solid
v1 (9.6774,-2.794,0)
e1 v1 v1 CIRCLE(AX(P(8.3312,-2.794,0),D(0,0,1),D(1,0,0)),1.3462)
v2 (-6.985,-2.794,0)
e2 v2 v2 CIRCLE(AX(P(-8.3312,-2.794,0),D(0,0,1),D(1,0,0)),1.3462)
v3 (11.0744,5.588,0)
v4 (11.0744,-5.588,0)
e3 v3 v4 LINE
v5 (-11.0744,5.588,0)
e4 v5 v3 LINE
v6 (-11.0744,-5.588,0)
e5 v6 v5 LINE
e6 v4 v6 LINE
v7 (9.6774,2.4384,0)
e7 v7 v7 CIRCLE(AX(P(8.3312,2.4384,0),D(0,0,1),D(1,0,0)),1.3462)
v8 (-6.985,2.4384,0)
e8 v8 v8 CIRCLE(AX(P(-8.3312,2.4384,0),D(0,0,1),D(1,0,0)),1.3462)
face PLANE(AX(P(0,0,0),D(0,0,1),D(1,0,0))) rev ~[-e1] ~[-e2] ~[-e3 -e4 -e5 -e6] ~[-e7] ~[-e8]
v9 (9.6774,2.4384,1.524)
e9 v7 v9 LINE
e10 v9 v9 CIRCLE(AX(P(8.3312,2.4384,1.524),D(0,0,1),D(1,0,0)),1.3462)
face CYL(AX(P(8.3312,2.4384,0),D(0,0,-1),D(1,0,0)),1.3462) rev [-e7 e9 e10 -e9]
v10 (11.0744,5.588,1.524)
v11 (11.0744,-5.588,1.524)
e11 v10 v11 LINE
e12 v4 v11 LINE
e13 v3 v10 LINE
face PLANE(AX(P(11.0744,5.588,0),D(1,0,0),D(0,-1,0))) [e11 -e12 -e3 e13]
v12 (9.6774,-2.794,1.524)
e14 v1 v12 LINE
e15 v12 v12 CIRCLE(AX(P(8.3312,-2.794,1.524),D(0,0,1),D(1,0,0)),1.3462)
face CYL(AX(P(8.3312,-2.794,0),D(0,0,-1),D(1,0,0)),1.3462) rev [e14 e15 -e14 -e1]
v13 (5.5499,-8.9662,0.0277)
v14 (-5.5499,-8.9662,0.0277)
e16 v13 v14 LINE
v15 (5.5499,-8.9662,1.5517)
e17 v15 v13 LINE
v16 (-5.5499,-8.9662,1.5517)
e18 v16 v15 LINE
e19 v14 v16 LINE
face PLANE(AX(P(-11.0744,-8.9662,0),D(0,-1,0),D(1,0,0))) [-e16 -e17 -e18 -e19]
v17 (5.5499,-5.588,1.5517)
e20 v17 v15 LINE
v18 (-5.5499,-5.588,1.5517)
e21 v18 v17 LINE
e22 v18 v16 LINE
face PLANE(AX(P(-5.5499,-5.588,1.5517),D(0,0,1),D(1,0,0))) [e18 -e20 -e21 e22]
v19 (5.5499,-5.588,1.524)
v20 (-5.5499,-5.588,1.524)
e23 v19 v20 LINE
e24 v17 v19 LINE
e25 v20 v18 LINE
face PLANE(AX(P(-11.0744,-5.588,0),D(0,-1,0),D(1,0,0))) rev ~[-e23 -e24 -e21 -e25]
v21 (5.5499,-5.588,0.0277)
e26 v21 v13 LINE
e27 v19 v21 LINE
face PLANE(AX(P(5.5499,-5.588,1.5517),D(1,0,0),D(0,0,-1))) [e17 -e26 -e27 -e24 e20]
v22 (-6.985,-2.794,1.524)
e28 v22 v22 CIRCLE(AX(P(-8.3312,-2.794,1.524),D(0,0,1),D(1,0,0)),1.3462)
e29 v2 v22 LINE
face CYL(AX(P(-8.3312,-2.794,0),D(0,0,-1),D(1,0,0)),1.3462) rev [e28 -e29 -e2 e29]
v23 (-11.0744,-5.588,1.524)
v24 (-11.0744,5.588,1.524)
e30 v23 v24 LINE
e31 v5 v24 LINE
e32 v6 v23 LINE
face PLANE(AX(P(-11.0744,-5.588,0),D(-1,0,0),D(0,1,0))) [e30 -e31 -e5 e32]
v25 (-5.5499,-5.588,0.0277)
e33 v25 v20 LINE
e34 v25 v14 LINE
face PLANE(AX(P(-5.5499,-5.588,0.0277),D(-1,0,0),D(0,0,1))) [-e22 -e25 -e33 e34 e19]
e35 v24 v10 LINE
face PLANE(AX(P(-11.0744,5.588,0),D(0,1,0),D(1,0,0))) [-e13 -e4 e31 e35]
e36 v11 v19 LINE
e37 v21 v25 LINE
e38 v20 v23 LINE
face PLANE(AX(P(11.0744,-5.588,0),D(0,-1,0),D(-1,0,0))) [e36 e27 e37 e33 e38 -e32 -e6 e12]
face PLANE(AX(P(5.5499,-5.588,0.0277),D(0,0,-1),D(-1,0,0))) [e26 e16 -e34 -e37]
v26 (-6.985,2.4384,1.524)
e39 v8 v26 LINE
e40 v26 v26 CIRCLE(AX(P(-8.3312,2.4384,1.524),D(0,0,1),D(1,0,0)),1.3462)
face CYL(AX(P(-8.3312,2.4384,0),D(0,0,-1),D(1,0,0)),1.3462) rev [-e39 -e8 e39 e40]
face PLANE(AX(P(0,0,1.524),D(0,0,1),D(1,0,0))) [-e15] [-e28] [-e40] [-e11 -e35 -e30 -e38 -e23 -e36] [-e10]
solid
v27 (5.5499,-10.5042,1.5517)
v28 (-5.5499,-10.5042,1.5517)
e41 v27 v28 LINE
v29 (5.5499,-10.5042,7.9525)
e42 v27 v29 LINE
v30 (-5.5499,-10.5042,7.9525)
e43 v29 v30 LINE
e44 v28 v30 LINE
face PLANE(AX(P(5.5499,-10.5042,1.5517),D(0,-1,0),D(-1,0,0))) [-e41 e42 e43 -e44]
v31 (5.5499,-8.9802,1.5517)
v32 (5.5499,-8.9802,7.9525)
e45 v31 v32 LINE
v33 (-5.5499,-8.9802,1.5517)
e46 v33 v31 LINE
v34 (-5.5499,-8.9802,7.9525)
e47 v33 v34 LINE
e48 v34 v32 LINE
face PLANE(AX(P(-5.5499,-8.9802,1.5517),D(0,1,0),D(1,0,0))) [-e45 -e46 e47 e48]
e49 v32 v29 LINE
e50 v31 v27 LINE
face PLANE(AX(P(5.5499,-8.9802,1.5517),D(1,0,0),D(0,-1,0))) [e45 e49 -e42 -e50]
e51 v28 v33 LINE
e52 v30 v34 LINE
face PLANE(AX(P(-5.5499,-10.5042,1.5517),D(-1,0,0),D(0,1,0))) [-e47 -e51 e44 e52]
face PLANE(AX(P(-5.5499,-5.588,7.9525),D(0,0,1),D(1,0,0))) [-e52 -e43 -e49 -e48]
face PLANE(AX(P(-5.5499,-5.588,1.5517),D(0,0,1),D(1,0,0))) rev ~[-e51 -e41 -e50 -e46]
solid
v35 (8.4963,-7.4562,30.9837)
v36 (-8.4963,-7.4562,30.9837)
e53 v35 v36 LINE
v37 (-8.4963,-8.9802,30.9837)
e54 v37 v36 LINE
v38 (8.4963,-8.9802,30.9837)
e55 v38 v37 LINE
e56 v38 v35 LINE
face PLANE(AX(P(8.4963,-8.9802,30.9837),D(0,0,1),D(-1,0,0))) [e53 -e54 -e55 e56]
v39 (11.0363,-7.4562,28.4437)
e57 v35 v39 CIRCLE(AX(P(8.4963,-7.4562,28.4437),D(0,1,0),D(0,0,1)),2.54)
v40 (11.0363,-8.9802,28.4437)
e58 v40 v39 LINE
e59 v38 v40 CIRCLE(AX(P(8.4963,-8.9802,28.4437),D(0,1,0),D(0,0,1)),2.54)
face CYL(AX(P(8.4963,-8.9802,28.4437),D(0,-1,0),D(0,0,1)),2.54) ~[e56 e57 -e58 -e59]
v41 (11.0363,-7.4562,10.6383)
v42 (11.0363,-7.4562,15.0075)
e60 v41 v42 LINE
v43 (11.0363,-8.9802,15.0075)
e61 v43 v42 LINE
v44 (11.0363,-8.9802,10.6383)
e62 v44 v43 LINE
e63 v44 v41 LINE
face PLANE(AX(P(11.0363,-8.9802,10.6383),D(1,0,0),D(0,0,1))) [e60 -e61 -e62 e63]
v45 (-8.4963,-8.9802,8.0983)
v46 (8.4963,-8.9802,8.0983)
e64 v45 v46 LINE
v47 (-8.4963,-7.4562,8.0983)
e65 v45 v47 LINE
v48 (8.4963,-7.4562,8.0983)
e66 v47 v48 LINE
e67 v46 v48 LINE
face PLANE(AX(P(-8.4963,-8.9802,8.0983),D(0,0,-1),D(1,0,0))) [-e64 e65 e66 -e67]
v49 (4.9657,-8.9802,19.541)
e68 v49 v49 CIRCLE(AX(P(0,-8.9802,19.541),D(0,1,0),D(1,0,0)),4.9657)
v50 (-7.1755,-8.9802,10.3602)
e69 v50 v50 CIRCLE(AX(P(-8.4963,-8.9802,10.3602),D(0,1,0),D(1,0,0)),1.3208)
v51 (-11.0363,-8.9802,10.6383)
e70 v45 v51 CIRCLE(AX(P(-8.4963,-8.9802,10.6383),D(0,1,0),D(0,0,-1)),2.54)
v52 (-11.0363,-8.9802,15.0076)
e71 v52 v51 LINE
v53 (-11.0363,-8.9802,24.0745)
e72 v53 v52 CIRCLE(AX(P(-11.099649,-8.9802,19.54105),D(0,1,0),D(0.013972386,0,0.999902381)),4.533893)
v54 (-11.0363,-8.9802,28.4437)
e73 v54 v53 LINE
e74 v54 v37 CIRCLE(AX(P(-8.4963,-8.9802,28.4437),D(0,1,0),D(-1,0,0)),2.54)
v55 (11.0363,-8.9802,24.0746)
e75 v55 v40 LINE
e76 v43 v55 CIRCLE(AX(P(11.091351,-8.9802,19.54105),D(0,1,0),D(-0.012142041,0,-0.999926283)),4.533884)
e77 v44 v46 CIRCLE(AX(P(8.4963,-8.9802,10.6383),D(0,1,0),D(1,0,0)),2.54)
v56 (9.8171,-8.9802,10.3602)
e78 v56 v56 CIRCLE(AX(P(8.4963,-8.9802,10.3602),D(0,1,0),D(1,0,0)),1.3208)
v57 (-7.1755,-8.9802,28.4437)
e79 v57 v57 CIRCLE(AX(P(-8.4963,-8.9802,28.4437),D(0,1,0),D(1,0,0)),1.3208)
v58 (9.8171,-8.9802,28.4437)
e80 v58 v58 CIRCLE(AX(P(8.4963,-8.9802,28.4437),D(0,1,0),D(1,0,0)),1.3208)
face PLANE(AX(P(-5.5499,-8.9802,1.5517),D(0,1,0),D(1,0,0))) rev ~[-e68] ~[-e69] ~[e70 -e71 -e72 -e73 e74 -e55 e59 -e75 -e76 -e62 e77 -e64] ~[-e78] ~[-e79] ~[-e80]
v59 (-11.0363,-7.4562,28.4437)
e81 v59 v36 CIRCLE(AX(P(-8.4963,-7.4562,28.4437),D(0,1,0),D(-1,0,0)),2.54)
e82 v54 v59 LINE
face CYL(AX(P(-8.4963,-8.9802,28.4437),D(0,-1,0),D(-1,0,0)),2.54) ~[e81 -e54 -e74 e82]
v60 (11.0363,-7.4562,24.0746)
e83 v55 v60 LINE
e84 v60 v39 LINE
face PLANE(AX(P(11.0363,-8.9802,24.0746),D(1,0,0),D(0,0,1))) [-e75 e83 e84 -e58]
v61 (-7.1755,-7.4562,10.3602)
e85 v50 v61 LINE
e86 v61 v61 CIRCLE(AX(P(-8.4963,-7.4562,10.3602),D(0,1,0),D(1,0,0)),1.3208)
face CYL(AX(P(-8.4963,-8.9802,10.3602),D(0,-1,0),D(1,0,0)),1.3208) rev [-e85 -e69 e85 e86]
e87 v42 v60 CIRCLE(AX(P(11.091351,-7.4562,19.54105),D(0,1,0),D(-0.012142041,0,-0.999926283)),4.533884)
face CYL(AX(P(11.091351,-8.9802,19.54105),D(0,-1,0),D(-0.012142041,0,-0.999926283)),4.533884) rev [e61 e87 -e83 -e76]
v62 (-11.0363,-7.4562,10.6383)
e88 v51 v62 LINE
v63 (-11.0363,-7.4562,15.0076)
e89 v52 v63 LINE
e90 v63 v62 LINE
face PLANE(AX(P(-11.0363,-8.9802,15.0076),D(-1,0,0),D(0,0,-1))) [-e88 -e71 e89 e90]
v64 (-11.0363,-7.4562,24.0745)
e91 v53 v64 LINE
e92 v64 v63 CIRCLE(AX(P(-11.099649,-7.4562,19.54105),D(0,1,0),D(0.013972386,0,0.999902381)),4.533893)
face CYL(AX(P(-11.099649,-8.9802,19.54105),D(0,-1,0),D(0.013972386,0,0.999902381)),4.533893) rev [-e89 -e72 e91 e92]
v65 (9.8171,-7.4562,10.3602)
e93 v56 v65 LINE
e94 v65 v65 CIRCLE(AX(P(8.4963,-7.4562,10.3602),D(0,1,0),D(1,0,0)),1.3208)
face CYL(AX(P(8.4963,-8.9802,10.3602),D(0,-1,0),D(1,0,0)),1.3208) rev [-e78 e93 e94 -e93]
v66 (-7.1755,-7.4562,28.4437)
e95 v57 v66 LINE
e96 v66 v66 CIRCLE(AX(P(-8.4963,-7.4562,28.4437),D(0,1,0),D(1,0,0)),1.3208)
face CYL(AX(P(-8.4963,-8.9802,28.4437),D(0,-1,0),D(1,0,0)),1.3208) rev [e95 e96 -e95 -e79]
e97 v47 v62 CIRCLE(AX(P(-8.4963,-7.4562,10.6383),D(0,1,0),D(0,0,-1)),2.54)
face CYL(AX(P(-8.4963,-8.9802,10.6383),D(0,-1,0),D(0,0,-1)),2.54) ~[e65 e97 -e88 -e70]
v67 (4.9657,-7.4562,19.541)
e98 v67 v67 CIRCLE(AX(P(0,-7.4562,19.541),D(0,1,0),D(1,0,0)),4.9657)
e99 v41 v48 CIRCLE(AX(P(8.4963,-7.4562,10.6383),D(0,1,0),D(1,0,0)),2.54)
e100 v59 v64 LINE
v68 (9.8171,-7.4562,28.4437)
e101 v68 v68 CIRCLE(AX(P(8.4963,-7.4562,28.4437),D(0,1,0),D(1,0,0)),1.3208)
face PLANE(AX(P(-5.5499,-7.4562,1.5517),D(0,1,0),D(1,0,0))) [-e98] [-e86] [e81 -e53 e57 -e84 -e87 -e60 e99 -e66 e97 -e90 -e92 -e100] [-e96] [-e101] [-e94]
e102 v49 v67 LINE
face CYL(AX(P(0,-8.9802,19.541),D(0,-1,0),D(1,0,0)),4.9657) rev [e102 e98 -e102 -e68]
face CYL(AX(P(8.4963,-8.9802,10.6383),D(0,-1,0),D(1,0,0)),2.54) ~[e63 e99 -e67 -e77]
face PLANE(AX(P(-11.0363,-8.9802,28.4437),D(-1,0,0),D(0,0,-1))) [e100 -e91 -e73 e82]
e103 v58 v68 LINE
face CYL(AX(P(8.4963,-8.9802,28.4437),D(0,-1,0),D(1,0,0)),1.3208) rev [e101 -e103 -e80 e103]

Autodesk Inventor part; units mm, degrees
ref_plane "YZ Plane" through (0, 0, 0) normal (1, 0, 0) x (0, 1, 0)
ref_plane "XZ Plane" through (0, 0, 0) normal (0, 1, 0) x (-1, 0, 0)
ref_plane "XY Plane" through (0, 0, 0) normal (0, 0, 1) x (1, 0, 0)
sketch "Sketch1" plane through (0, 0, 0) normal (0, 0, 1) x (1, 0, 0)
  line L0 (-11.0744, 5.588) -> (11.0744, 5.588)
  line L1 (11.0744, 5.588) -> (11.0744, -5.588)
  line L2 (11.0744, -5.588) -> (-11.0744, -5.588)
  line L3 (-11.0744, -5.588) -> (-11.0744, 5.588)
  circle A0 centre (-8.3312, 2.4384) radius 1.3462
  circle A1 centre (8.3312, 2.4384) radius 1.3462
  circle A2 centre (8.3312, -2.794) radius 1.3462
  circle A3 centre (-8.3312, -2.794) radius 1.3462
  point P0 (0, 0)
  dimension "d0" = 22.1488
  dimension "d1" = 11.176
  dimension "d2" = 2.6924
  dimension "d3" = 2.6924
  dimension "d4" = 2.6924
  dimension "d5" = 2.6924
  dimension "d6" = 3.1496
  dimension "d7" = 2.794
  dimension "d8" = 5.2324
  dimension "d9" = 2.7432
  dimension "d10" = 2.7432
  dimension "d11" = 3.1496
  dimension "d12" = 2.794
extrude "Extrusion1" add sketch "Sketch1" along normal blind 1.524
sketch "Sketch2" plane through (-11.0744, -5.588, 0) normal (0, -1, 0) x (1, 0, 0)
  line L0 (5.5245, 1.5517) -> (16.6243, 1.5517)
  line L1 (16.6243, 1.5517) -> (16.6243, 0.0277)
  line L2 (16.6243, 0.0277) -> (5.5245, 0.0277)
  line L3 (5.5245, 0.0277) -> (5.5245, 1.5517)
  point P0 (11.0744, 0)
  dimension "d15" = 11.0998
  dimension "d16" = 1.524
extrude "Extrusion2" add sketch "Sketch2" along normal blind 3.3782
sketch "Sketch3" plane through (-5.5499, -5.588, 1.5517) normal (0, 0, 1) x (1, 0, 0)
  line L0 (0, -3.3922) -> (11.0998, -3.3922)
  line L1 (11.0998, -3.3922) -> (11.0998, -4.9162)
  line L2 (11.0998, -4.9162) -> (0, -4.9162)
  line L3 (0, -4.9162) -> (0, -3.3922)
  point P0 (5.5499, 5.588)
  dimension "d19" = 11.0998
  dimension "d20" = 1.524
extrude "Extrusion3" add sketch "Sketch3" along normal blind 6.4008
sketch "Sketch4" plane through (-5.5499, -8.9802, 1.5517) normal (0, 1, 0) x (1, 0, 0)
  line L0 (14.0462, -29.432) -> (-2.9464, -29.432)
  line L1 (-2.9464, -6.5466) -> (14.0462, -6.5466)
  line L2 (-5.5245, 1.5517) -> (16.6243, 1.5517) projected
  arc A0 (-5.4864, -22.5228) -> (-5.4864, -13.4559) centre (-5.5498, -17.9893) ccw
  arc A1 (16.5862, -13.4558) -> (16.5862, -22.5229) centre (16.6412, -17.9893) ccw
  line L3 (16.5862, -9.0866) -> (16.5862, -13.4558)
  line L4 (16.5862, -22.5229) -> (16.5862, -26.892)
  line L5 (-5.4864, -26.892) -> (-5.4864, -22.5228)
  line L6 (-5.4864, -13.4559) -> (-5.4864, -9.0866)
  circle A2 centre (5.5499, -17.9893) radius 4.9657
  arc A3 (14.0462, -29.432) -> (16.5862, -26.892) centre (14.0462, -26.892) ccw
  arc A4 (-5.4864, -26.892) -> (-2.9464, -29.432) centre (-2.9464, -26.892) ccw
  arc A5 (16.5862, -9.0866) -> (14.0462, -6.5466) centre (14.0462, -9.0866) ccw
  arc A6 (-2.9464, -6.5466) -> (-5.4864, -9.0866) centre (-2.9464, -9.0866) ccw
  circle A7 centre (14.0462, -26.892) radius 1.3208
  circle A8 centre (14.0462, -8.8085) radius 1.3208
  circle A9 centre (-2.9464, -8.8085) radius 1.3208
  circle A10 centre (-2.9464, -26.892) radius 1.3208
  point P0 (5.5499, 1.5517)
  point P1 (-5.4864, -6.5466)
  point P2 (-5.4864, -29.432)
  point P3 (16.5862, -6.5466)
  point P4 (5.5499, 1.5517)
  point P5 (16.5862, -17.9893)
  point P6 (5.5499, 1.5517)
  dimension "d25" = 9.0678
  dimension "d26" = 9.0678
  dimension "d27" = 9.9314
  dimension "d28" = 2.54
  dimension "d29" = 2.6416
  dimension "d30" = 2.6416
  dimension "d31" = 2.6416
  dimension "d32" = 2.6416
  dimension "d33" = 2.54
extrude "Extrusion4" add sketch "Sketch4" along normal blind 1.524
properties part number "motor mount"
